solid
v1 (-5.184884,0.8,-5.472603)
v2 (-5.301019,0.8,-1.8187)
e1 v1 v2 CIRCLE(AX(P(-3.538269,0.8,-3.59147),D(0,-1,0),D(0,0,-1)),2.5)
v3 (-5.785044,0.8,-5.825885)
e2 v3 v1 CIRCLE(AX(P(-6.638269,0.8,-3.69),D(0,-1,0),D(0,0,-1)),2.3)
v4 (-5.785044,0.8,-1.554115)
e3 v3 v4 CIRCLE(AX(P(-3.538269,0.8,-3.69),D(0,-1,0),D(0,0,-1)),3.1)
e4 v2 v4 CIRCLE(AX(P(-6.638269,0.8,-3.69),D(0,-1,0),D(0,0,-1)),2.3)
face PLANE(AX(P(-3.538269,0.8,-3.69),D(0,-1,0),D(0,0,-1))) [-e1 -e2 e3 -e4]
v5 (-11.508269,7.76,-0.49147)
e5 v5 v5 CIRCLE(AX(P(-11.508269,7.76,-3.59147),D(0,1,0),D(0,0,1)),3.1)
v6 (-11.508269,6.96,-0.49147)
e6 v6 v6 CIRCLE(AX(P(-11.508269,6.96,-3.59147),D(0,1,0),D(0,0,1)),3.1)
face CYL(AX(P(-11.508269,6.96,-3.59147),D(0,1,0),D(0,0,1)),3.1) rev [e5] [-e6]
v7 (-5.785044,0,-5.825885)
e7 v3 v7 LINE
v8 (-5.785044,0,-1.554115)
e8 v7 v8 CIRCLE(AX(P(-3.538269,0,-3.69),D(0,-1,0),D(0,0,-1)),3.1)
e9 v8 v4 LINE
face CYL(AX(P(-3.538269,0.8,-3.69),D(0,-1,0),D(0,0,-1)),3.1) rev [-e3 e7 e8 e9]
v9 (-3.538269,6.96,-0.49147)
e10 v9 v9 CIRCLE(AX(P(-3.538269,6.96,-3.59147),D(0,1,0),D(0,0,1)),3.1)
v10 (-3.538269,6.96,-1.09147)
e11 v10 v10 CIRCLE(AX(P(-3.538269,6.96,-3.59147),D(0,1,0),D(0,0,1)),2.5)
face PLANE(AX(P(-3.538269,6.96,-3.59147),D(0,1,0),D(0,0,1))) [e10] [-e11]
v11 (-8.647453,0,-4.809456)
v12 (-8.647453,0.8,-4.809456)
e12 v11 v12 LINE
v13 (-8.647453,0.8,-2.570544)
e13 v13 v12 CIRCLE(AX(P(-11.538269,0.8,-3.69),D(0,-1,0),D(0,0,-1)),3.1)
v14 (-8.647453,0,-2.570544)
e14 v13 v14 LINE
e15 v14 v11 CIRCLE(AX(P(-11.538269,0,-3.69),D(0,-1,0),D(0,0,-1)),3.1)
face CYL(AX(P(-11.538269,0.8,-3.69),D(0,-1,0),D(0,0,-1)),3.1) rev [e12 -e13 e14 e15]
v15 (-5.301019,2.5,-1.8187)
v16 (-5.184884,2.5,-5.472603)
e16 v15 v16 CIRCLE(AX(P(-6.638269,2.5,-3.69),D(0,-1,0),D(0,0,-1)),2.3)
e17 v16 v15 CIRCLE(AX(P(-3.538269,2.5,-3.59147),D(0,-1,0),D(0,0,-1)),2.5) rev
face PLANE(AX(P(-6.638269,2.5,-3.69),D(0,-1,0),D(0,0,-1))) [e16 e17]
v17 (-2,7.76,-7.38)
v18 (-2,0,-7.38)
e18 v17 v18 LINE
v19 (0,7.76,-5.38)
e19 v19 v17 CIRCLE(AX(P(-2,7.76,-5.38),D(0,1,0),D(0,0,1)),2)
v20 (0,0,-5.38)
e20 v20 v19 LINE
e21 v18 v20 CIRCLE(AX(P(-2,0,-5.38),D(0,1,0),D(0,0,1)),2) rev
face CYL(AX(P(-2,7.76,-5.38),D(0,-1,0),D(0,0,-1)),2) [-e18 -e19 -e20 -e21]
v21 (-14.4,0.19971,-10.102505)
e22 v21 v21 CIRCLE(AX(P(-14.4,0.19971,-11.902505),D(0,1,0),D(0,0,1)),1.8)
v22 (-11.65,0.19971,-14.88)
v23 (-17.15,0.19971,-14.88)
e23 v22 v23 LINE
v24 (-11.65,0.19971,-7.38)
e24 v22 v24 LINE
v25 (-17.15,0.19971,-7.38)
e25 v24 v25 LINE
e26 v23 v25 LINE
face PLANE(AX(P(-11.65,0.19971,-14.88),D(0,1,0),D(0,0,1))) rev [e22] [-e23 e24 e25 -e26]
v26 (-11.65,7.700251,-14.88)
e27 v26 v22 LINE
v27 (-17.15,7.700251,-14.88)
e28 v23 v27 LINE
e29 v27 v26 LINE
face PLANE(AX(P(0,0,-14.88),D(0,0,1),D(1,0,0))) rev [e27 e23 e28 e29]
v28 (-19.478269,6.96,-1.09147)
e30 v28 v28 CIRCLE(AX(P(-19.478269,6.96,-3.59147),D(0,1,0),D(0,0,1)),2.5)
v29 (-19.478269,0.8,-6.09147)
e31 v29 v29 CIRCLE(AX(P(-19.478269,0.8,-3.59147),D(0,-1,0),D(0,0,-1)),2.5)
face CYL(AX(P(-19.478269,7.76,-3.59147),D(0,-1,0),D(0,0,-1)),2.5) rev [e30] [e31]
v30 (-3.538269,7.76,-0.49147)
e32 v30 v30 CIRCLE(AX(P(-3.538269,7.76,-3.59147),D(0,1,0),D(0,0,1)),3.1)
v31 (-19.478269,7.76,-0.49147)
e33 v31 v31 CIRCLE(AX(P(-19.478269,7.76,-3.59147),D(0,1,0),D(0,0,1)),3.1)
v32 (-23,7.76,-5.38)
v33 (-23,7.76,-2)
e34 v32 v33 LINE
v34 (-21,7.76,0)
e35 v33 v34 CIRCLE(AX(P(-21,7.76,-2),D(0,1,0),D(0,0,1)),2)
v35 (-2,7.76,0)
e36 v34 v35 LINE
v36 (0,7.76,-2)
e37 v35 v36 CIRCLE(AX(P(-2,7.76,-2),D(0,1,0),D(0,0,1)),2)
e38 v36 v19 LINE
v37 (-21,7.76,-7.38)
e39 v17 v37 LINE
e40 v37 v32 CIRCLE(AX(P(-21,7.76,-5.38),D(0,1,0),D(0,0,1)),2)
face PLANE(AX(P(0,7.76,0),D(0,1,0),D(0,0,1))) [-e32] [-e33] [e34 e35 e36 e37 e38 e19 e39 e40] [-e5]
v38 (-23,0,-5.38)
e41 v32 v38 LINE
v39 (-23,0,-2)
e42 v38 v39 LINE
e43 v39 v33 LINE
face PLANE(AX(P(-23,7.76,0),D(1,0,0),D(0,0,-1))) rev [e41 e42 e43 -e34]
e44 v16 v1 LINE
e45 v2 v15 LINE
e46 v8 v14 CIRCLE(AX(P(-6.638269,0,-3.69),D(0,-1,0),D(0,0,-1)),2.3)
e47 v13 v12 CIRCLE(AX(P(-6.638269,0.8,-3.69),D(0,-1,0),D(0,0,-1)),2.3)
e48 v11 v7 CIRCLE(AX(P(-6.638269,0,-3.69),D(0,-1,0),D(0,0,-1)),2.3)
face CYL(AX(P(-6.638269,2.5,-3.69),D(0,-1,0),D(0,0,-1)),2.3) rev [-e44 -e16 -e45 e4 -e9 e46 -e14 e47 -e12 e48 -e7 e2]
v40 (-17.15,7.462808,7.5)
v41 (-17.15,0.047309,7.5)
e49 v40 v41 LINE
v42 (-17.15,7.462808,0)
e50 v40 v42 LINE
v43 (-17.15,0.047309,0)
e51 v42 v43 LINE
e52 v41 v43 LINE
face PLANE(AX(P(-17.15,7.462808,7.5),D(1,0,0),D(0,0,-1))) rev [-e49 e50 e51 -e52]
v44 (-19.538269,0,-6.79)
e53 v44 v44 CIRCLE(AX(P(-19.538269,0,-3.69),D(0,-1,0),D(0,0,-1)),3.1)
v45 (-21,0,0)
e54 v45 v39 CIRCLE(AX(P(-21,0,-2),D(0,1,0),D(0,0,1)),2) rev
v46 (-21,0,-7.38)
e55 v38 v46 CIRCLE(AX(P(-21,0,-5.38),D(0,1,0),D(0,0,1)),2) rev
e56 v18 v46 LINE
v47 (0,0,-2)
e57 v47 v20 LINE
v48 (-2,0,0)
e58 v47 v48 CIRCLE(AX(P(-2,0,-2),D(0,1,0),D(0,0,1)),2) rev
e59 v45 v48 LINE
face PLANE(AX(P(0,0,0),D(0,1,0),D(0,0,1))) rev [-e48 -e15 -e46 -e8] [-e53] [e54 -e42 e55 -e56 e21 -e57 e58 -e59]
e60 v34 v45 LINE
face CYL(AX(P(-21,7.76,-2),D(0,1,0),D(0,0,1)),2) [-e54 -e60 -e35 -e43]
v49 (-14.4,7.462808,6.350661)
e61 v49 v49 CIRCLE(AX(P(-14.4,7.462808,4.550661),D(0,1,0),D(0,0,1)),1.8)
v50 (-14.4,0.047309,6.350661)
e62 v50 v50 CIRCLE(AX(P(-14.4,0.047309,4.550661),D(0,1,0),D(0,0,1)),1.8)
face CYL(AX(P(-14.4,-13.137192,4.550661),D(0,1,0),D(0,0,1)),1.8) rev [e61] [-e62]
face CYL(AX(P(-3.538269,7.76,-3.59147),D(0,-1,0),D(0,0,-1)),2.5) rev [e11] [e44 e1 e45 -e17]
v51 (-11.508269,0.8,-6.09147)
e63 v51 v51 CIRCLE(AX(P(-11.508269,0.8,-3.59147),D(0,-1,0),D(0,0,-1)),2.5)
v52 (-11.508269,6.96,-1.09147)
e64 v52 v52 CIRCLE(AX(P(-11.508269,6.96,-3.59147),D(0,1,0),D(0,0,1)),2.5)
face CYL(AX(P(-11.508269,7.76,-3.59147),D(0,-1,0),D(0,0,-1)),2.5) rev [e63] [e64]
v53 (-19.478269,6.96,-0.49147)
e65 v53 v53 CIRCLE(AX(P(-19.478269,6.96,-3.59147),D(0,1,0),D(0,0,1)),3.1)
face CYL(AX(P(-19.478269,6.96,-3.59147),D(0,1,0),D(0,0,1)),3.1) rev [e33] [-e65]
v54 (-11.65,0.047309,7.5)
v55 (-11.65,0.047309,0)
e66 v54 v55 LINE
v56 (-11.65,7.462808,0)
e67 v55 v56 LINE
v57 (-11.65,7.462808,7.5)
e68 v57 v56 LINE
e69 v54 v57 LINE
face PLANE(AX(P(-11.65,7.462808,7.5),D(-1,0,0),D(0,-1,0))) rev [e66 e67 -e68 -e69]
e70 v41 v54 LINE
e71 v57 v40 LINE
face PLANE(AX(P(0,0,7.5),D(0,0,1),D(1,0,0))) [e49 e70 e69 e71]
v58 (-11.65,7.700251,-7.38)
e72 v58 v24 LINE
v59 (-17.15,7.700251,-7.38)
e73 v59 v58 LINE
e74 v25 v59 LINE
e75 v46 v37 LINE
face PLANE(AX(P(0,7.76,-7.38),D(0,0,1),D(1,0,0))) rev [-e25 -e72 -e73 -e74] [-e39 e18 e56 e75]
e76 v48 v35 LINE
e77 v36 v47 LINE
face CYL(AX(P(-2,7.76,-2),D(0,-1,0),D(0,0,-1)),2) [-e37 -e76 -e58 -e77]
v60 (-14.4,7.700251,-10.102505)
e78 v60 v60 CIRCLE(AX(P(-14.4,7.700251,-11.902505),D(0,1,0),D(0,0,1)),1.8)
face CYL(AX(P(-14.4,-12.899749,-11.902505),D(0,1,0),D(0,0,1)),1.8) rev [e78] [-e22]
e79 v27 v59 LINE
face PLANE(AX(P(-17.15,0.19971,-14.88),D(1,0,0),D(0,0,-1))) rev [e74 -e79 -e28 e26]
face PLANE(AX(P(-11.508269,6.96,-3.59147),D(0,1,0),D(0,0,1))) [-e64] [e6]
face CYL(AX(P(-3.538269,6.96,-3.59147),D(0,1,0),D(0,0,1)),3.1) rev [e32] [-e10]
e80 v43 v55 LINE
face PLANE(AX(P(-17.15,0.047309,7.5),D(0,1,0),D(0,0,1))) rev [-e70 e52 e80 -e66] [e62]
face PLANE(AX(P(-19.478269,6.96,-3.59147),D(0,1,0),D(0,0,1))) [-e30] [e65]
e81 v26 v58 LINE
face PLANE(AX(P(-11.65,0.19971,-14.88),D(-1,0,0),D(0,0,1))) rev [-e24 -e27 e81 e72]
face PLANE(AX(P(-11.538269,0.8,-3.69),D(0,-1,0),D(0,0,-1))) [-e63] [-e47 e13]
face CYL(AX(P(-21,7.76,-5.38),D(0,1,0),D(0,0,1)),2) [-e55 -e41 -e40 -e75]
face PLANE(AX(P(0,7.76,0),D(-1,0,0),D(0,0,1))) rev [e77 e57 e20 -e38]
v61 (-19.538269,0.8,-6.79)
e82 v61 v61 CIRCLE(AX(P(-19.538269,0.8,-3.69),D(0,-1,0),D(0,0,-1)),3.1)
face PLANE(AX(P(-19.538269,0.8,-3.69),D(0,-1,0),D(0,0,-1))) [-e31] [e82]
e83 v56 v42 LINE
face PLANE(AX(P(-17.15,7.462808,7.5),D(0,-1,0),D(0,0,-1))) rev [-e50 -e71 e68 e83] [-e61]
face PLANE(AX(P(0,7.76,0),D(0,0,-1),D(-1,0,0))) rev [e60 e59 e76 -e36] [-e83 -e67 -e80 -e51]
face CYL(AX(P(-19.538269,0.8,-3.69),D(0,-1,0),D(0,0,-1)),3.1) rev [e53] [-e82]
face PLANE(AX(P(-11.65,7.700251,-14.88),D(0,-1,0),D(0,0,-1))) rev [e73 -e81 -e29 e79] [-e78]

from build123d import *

# Parameters (mm, degrees)
SKETCH3_W           = 23
SKETCH3_H           = 7.38
BOSS_EXTRUDE1_DEPTH = 7.76
SKETCH4_R           = 3.1
CUT_EXTRUDE2_DEPTH  = 0.8
SKETCH7_R           = 3.1
CUT_EXTRUDE3_DEPTH  = 0.8
SKETCH6_R           = 2.5
CUT_EXTRUDE4_DEPTH  = 7.96
FILLET3_R           = 2
FILLET4_R           = 2
FILLET5_R           = 2
FILLET6_R           = 2
SKETCH8_W           = 5.5
SKETCH8_H           = 7.500541727
BOSS_EXTRUDE2_DEPTH = 7.5
SKETCH12_W          = 5.5
SKETCH12_H          = 7.41549866
BOSS_EXTRUDE4_DEPTH = 7.5
SKETCH9_R           = 1.8
CUT_EXTRUDE5_DEPTH  = 20.6
SKETCH13_R          = 1.8
CUT_EXTRUDE6_DEPTH  = 20.6
SKETCH14_R          = 2.3
CUT_EXTRUDE7_DEPTH  = 2.5


with BuildPart() as part:
    # Sketch3 → Boss-Extrude1 (new body)
    with BuildSketch(Plane(origin=(0, 0, 0), x_dir=(1, 0, 0), z_dir=(0, 1, 0))):
        with Locations((-11.5, 3.69)):
            Rectangle(SKETCH3_W, SKETCH3_H)
    extrude(amount=BOSS_EXTRUDE1_DEPTH)

    # Sketch4 → Cut-Extrude2 (cut)
    with BuildSketch(Plane(origin=(0, 0, 0), x_dir=(-1, 0, 0), z_dir=(0, -1, 0))):
        with Locations((19.538269405, 3.69)):
            Circle(SKETCH4_R)
        with Locations((11.538269405, 3.69)):
            Circle(SKETCH4_R)
        with Locations((3.538269405, 3.69)):
            Circle(SKETCH4_R)
    extrude(amount=-CUT_EXTRUDE2_DEPTH, mode=Mode.SUBTRACT)

    # Sketch7 → Cut-Extrude3 (cut)
    with BuildSketch(Plane(origin=(0, 7.76, 0), x_dir=(1, 0, 0), z_dir=(0, 1, 0))):
        with Locations((-19.478269405, 3.591470107)):
            Circle(SKETCH7_R)
        with Locations((-11.508269405, 3.591470107)):
            Circle(SKETCH7_R)
        with Locations((-3.538269405, 3.591470107)):
            Circle(SKETCH7_R)
    extrude(amount=-CUT_EXTRUDE3_DEPTH, mode=Mode.SUBTRACT)

    # Sketch6 → Cut-Extrude4 (cut, through all)
    with BuildSketch(Plane(origin=(0, 0.8, 0), x_dir=(-1, 0, 0), z_dir=(0, -1, 0))):
        with Locations((3.538269405, 3.591470107)):
            Circle(SKETCH6_R)
        with Locations((11.508269405, 3.591470107)):
            Circle(SKETCH6_R)
        with Locations((19.478269405, 3.591470107)):
            Circle(SKETCH6_R)
    extrude(amount=-CUT_EXTRUDE4_DEPTH, mode=Mode.SUBTRACT)

    # Fillet3
    fillet3_edges = [part.edges().sort_by_distance(p)[0] for p in [
        (0, 3.88, 0),
    ]]
    fillet(fillet3_edges, radius=FILLET3_R)

    # Fillet4
    fillet4_edges = [part.edges().sort_by_distance(p)[0] for p in [
        (-23, 3.88, 0),
    ]]
    fillet(fillet4_edges, radius=FILLET4_R)

    # Fillet5
    fillet5_edges = [part.edges().sort_by_distance(p)[0] for p in [
        (-23, 3.88, -7.38),
    ]]
    fillet(fillet5_edges, radius=FILLET5_R)

    # Fillet6
    fillet6_edges = [part.edges().sort_by_distance(p)[0] for p in [
        (0, 3.88, -7.38),
    ]]
    fillet(fillet6_edges, radius=FILLET6_R)

    # Sketch8 → Boss-Extrude2 (add)
    with BuildSketch(Plane(origin=(0, 0, -7.38), x_dir=(-1, 0, 0), z_dir=(0, 0, -1))):
        with Locations((14.4, 3.949980596)):
            Rectangle(SKETCH8_W, SKETCH8_H)
    extrude(amount=BOSS_EXTRUDE2_DEPTH)

    # Sketch12 → Boss-Extrude4 (add)
    with BuildSketch(Plane.XY):
        with Locations((-14.4, 3.755058696)):
            Rectangle(SKETCH12_W, SKETCH12_H)
    extrude(amount=BOSS_EXTRUDE4_DEPTH)

    # Sketch9 → Cut-Extrude5 (cut)
    with BuildSketch(Plane(origin=(0, 7.700251459, 0), x_dir=(1, 0, 0), z_dir=(0, 1, 0))):
        with Locations((-14.4, 11.902505055)):
            Circle(SKETCH9_R)
    extrude(amount=-CUT_EXTRUDE5_DEPTH, mode=Mode.SUBTRACT)

    # Sketch13 → Cut-Extrude6 (cut)
    with BuildSketch(Plane(origin=(0, 7.462808026, 0), x_dir=(1, 0, 0), z_dir=(0, 1, 0))):
        with Locations((-14.4, -4.550661236)):
            Circle(SKETCH13_R)
    extrude(amount=-CUT_EXTRUDE6_DEPTH, mode=Mode.SUBTRACT)

    # Sketch14 → Cut-Extrude7 (cut)
    with BuildSketch(Plane(origin=(0, 0, 0), x_dir=(-1, 0, 0), z_dir=(0, -1, 0))):
        with Locations((6.638269405, 3.69)):
            Circle(SKETCH14_R)
    extrude(amount=-CUT_EXTRUDE7_DEPTH, mode=Mode.SUBTRACT)


solid = part.part
